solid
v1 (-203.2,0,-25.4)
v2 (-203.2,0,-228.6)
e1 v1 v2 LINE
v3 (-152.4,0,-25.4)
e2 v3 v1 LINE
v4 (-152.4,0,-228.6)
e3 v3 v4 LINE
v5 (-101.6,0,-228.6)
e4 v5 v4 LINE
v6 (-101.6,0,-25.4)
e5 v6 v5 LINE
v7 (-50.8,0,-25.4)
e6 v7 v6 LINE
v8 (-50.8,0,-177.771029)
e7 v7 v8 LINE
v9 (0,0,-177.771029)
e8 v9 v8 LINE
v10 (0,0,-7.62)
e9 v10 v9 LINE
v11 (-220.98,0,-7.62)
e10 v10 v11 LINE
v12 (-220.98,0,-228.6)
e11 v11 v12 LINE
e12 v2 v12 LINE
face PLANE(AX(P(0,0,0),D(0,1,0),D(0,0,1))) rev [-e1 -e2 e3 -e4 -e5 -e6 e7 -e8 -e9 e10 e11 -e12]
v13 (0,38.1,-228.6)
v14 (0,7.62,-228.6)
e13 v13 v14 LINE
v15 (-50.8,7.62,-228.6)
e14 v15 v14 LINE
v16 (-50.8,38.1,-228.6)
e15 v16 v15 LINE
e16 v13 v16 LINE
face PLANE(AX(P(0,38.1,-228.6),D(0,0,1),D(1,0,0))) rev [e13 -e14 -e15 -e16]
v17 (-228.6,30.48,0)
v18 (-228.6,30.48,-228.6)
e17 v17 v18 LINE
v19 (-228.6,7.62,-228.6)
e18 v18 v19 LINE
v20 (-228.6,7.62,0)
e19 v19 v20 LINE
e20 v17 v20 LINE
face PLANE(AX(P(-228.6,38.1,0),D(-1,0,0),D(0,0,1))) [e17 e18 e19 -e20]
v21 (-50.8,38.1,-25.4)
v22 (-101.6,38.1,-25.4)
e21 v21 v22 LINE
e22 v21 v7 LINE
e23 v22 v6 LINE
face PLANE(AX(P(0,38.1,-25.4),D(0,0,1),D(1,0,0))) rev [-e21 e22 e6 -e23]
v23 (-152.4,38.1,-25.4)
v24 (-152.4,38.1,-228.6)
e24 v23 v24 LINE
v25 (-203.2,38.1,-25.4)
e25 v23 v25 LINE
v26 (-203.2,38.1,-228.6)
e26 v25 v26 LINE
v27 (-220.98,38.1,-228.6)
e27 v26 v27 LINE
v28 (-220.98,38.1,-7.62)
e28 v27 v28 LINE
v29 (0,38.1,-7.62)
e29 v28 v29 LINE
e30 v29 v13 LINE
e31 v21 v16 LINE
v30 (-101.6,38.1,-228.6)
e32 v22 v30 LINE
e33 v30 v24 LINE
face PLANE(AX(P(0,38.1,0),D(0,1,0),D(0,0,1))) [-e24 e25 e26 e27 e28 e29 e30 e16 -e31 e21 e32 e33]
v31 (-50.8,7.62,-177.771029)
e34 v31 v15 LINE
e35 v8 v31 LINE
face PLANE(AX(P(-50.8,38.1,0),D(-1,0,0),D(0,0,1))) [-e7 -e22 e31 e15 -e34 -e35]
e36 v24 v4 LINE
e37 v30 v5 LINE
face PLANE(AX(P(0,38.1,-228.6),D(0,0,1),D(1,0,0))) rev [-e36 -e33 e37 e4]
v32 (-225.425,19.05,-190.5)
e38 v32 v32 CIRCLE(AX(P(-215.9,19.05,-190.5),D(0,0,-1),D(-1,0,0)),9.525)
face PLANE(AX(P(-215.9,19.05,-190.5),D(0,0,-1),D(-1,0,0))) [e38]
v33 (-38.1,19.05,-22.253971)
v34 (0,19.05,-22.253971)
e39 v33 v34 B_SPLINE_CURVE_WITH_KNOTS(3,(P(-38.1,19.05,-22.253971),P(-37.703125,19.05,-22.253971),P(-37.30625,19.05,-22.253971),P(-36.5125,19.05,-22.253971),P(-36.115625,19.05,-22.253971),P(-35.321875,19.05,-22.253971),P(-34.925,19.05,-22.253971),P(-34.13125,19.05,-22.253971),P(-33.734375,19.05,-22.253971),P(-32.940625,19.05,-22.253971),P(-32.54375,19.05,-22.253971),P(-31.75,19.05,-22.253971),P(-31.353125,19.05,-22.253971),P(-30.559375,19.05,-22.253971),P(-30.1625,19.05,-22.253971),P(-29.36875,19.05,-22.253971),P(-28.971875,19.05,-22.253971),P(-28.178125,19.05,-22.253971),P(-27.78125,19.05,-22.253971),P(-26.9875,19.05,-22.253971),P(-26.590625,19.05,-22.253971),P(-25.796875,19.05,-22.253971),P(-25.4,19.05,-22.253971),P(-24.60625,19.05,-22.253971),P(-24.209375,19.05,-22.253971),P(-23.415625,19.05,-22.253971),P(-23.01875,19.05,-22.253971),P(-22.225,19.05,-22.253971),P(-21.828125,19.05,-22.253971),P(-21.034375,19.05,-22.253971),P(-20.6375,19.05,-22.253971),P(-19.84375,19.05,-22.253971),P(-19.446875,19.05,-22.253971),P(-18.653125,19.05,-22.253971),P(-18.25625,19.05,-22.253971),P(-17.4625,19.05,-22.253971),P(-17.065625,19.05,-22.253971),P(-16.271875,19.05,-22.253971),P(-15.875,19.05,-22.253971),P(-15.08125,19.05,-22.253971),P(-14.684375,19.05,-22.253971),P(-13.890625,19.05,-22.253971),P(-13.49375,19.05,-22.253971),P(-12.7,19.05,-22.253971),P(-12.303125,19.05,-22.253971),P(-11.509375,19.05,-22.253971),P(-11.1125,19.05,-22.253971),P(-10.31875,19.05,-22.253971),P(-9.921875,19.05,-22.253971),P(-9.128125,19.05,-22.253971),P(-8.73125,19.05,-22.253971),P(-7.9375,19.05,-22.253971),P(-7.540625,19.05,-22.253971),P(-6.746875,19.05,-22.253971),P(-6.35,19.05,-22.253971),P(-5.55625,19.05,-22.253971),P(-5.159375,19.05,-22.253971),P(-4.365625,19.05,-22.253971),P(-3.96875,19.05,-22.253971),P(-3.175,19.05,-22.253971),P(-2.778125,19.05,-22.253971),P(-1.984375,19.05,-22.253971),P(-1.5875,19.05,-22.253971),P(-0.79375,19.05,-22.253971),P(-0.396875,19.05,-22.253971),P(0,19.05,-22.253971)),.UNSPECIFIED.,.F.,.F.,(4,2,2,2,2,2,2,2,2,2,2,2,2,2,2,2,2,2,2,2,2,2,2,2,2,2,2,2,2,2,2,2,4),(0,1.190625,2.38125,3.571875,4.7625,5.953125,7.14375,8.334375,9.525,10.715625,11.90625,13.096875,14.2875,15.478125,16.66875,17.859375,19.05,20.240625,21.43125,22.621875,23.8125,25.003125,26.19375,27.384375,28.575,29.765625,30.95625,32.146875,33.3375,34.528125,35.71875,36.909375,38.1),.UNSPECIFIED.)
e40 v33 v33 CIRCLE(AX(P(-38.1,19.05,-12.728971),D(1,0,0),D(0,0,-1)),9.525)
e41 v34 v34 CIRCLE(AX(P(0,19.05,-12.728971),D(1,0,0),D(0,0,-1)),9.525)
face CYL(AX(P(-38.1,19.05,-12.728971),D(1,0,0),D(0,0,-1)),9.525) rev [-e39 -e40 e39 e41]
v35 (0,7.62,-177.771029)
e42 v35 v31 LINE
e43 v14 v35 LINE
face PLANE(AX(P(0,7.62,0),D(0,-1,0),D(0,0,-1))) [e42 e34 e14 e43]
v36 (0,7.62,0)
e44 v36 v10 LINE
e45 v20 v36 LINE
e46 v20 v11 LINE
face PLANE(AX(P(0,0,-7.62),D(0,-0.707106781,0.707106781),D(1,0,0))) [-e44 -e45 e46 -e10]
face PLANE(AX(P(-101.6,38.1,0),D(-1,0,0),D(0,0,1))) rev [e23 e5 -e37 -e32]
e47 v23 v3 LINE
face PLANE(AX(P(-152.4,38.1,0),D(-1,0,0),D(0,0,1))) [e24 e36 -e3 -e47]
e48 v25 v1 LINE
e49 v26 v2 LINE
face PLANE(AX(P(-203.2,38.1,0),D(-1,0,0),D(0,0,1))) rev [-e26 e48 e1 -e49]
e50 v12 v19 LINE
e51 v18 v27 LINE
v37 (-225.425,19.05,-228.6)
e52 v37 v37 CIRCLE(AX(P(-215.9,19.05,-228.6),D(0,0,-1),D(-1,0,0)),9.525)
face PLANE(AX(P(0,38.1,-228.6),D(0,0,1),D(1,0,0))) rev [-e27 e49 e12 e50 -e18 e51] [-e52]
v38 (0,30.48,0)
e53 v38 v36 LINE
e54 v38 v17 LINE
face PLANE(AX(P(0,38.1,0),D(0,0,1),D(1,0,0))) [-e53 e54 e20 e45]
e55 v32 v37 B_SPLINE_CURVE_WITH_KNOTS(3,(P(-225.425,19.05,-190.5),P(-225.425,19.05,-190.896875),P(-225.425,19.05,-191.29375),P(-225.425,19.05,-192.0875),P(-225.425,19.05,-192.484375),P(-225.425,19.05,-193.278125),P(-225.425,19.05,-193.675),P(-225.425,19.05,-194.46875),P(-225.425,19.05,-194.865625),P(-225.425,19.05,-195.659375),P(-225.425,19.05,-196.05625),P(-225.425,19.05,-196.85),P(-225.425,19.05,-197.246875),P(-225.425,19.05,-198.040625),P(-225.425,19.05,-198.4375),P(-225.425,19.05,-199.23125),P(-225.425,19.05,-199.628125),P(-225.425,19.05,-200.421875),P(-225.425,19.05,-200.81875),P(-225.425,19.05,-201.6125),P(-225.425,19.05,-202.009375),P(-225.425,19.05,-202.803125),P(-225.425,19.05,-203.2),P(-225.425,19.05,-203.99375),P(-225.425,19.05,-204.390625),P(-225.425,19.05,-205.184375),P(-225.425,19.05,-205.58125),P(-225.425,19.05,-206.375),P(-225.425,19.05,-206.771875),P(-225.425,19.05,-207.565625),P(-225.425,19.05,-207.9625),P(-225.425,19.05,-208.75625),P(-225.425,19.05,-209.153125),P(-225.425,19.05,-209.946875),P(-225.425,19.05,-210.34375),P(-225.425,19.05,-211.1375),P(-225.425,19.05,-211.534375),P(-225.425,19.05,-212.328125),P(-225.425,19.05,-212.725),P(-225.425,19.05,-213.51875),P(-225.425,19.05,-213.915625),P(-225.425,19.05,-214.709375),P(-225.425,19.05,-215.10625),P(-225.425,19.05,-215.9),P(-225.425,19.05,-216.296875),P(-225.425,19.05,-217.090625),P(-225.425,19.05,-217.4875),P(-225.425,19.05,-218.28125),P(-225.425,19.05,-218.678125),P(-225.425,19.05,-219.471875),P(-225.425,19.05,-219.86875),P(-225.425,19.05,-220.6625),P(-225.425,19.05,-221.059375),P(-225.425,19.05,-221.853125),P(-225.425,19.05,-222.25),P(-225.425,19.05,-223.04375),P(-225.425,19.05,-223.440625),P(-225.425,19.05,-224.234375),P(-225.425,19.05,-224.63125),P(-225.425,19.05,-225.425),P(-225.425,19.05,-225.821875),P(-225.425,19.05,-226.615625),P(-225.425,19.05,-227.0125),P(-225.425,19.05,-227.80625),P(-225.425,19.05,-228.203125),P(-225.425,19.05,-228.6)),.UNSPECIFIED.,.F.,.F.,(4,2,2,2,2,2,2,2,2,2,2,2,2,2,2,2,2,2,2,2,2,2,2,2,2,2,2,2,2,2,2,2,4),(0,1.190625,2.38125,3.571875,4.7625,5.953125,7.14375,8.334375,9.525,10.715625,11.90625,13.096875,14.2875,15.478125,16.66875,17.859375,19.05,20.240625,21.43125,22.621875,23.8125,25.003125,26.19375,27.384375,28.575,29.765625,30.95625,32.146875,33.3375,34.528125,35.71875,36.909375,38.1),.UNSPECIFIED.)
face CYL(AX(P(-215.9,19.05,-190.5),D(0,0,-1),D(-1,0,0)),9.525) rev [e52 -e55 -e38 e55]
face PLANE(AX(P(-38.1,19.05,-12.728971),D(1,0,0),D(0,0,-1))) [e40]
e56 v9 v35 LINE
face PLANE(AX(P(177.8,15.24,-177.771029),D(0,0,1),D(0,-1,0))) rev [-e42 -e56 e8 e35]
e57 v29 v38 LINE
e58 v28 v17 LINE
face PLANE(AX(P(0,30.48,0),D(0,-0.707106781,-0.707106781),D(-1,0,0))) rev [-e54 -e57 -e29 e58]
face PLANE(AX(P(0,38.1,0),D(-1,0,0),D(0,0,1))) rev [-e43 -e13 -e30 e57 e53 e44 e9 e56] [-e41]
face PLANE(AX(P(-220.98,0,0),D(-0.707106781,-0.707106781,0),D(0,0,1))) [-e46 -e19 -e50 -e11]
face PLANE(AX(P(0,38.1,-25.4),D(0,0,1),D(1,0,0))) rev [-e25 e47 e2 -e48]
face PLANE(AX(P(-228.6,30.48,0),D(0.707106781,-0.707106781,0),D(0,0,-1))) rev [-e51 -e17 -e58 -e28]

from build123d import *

# Parameters (mm, degrees)
SKETCH1_W           = 50.8
SKETCH1_H           = 203.2
BOSS_EXTRUDE2_DEPTH = 38.1
SKETCH2_R           = 9.525
CUT_EXTRUDE1_DEPTH  = 38.1
SKETCH3_R           = 9.525
CUT_EXTRUDE2_DEPTH  = 38.1
SKETCH4_W           = 253.975113334
SKETCH4_H           = 254.028971003
CUT_EXTRUDE3_DEPTH  = 7.62
SKETCH5_W           = 254
SKETCH5_H           = 254.028971003
CUT_EXTRUDE4_DEPTH  = 60.96
SKETCH6_W           = 50.8
SKETCH6_H           = 50.828971003
BOSS_EXTRUDE3_DEPTH = 7.62
CHAMFER1_SIZE       = 7.62


with BuildPart() as part:
    # Sketch1 → Boss-Extrude2 (new body)
    with BuildSketch(Plane(origin=(0, 0, 0), x_dir=(1, 0, 0), z_dir=(0, 1, 0))):
        Polygon((0, 0), (0, 25.4), (-50.8, 25.4), (-101.6, 25.4), (-152.4, 25.4), (-203.2, 25.4), (-203.2, 228.6), (-228.6, 228.6), (-228.6, 0), align=None)
        with Locations((-127, 127)):
            Rectangle(SKETCH1_W, SKETCH1_H)
        with Locations((-25.4, 127)):
            Rectangle(SKETCH1_W, SKETCH1_H)
    extrude(amount=BOSS_EXTRUDE2_DEPTH)

    # Sketch2 → Cut-Extrude1 (cut)
    with BuildSketch(Plane(origin=(0, 0, -228.6), x_dir=(-1, 0, 0), z_dir=(0, 0, -1))):
        with Locations((215.9, 19.05)):
            Circle(SKETCH2_R)
    extrude(amount=-CUT_EXTRUDE1_DEPTH, mode=Mode.SUBTRACT)

    # Sketch3 → Cut-Extrude2 (cut)
    with BuildSketch(Plane(origin=(0, 0, 0), x_dir=(0, 0, -1), z_dir=(1, 0, 0))):
        with Locations((12.728971003, 19.05)):
            Circle(SKETCH3_R)
    extrude(amount=-CUT_EXTRUDE2_DEPTH, mode=Mode.SUBTRACT)

    # Sketch4 → Cut-Extrude3 (cut)
    with BuildSketch(Plane(origin=(0, 7.62, 0), x_dir=(-1, 0, 0), z_dir=(0, -1, 0))):
        with Locations((-50.812443333, 304.785514498)):
            Rectangle(SKETCH4_W, SKETCH4_H)
    extrude(amount=-CUT_EXTRUDE3_DEPTH, mode=Mode.SUBTRACT)

    # Sketch5 → Cut-Extrude4 (cut)
    with BuildSketch(Plane.XZ.offset(-7.62)):
        with Locations((50.8, -304.785514498)):
            Rectangle(SKETCH5_W, SKETCH5_H)
    extrude(amount=CUT_EXTRUDE4_DEPTH, mode=Mode.SUBTRACT)

    # Sketch6 → Boss-Extrude3 (add)
    with BuildSketch(Plane(origin=(0, 15.24, 0), x_dir=(-1, 0, 0), z_dir=(0, -1, 0))):
        with Locations((25.4, 203.185514499)):
            Rectangle(SKETCH6_W, SKETCH6_H)
    extrude(amount=BOSS_EXTRUDE3_DEPTH)

    # Chamfer1
    chamfer1_edges = [part.edges().sort_by_distance(p)[0] for p in [
        (-114.3, 0, 0),
        (-228.6, 0, -114.3),
        (-228.6, 38.1, -114.3),
        (-114.3, 38.1, 0),
    ]]
    chamfer(chamfer1_edges, length=CHAMFER1_SIZE)


solid = part.part
